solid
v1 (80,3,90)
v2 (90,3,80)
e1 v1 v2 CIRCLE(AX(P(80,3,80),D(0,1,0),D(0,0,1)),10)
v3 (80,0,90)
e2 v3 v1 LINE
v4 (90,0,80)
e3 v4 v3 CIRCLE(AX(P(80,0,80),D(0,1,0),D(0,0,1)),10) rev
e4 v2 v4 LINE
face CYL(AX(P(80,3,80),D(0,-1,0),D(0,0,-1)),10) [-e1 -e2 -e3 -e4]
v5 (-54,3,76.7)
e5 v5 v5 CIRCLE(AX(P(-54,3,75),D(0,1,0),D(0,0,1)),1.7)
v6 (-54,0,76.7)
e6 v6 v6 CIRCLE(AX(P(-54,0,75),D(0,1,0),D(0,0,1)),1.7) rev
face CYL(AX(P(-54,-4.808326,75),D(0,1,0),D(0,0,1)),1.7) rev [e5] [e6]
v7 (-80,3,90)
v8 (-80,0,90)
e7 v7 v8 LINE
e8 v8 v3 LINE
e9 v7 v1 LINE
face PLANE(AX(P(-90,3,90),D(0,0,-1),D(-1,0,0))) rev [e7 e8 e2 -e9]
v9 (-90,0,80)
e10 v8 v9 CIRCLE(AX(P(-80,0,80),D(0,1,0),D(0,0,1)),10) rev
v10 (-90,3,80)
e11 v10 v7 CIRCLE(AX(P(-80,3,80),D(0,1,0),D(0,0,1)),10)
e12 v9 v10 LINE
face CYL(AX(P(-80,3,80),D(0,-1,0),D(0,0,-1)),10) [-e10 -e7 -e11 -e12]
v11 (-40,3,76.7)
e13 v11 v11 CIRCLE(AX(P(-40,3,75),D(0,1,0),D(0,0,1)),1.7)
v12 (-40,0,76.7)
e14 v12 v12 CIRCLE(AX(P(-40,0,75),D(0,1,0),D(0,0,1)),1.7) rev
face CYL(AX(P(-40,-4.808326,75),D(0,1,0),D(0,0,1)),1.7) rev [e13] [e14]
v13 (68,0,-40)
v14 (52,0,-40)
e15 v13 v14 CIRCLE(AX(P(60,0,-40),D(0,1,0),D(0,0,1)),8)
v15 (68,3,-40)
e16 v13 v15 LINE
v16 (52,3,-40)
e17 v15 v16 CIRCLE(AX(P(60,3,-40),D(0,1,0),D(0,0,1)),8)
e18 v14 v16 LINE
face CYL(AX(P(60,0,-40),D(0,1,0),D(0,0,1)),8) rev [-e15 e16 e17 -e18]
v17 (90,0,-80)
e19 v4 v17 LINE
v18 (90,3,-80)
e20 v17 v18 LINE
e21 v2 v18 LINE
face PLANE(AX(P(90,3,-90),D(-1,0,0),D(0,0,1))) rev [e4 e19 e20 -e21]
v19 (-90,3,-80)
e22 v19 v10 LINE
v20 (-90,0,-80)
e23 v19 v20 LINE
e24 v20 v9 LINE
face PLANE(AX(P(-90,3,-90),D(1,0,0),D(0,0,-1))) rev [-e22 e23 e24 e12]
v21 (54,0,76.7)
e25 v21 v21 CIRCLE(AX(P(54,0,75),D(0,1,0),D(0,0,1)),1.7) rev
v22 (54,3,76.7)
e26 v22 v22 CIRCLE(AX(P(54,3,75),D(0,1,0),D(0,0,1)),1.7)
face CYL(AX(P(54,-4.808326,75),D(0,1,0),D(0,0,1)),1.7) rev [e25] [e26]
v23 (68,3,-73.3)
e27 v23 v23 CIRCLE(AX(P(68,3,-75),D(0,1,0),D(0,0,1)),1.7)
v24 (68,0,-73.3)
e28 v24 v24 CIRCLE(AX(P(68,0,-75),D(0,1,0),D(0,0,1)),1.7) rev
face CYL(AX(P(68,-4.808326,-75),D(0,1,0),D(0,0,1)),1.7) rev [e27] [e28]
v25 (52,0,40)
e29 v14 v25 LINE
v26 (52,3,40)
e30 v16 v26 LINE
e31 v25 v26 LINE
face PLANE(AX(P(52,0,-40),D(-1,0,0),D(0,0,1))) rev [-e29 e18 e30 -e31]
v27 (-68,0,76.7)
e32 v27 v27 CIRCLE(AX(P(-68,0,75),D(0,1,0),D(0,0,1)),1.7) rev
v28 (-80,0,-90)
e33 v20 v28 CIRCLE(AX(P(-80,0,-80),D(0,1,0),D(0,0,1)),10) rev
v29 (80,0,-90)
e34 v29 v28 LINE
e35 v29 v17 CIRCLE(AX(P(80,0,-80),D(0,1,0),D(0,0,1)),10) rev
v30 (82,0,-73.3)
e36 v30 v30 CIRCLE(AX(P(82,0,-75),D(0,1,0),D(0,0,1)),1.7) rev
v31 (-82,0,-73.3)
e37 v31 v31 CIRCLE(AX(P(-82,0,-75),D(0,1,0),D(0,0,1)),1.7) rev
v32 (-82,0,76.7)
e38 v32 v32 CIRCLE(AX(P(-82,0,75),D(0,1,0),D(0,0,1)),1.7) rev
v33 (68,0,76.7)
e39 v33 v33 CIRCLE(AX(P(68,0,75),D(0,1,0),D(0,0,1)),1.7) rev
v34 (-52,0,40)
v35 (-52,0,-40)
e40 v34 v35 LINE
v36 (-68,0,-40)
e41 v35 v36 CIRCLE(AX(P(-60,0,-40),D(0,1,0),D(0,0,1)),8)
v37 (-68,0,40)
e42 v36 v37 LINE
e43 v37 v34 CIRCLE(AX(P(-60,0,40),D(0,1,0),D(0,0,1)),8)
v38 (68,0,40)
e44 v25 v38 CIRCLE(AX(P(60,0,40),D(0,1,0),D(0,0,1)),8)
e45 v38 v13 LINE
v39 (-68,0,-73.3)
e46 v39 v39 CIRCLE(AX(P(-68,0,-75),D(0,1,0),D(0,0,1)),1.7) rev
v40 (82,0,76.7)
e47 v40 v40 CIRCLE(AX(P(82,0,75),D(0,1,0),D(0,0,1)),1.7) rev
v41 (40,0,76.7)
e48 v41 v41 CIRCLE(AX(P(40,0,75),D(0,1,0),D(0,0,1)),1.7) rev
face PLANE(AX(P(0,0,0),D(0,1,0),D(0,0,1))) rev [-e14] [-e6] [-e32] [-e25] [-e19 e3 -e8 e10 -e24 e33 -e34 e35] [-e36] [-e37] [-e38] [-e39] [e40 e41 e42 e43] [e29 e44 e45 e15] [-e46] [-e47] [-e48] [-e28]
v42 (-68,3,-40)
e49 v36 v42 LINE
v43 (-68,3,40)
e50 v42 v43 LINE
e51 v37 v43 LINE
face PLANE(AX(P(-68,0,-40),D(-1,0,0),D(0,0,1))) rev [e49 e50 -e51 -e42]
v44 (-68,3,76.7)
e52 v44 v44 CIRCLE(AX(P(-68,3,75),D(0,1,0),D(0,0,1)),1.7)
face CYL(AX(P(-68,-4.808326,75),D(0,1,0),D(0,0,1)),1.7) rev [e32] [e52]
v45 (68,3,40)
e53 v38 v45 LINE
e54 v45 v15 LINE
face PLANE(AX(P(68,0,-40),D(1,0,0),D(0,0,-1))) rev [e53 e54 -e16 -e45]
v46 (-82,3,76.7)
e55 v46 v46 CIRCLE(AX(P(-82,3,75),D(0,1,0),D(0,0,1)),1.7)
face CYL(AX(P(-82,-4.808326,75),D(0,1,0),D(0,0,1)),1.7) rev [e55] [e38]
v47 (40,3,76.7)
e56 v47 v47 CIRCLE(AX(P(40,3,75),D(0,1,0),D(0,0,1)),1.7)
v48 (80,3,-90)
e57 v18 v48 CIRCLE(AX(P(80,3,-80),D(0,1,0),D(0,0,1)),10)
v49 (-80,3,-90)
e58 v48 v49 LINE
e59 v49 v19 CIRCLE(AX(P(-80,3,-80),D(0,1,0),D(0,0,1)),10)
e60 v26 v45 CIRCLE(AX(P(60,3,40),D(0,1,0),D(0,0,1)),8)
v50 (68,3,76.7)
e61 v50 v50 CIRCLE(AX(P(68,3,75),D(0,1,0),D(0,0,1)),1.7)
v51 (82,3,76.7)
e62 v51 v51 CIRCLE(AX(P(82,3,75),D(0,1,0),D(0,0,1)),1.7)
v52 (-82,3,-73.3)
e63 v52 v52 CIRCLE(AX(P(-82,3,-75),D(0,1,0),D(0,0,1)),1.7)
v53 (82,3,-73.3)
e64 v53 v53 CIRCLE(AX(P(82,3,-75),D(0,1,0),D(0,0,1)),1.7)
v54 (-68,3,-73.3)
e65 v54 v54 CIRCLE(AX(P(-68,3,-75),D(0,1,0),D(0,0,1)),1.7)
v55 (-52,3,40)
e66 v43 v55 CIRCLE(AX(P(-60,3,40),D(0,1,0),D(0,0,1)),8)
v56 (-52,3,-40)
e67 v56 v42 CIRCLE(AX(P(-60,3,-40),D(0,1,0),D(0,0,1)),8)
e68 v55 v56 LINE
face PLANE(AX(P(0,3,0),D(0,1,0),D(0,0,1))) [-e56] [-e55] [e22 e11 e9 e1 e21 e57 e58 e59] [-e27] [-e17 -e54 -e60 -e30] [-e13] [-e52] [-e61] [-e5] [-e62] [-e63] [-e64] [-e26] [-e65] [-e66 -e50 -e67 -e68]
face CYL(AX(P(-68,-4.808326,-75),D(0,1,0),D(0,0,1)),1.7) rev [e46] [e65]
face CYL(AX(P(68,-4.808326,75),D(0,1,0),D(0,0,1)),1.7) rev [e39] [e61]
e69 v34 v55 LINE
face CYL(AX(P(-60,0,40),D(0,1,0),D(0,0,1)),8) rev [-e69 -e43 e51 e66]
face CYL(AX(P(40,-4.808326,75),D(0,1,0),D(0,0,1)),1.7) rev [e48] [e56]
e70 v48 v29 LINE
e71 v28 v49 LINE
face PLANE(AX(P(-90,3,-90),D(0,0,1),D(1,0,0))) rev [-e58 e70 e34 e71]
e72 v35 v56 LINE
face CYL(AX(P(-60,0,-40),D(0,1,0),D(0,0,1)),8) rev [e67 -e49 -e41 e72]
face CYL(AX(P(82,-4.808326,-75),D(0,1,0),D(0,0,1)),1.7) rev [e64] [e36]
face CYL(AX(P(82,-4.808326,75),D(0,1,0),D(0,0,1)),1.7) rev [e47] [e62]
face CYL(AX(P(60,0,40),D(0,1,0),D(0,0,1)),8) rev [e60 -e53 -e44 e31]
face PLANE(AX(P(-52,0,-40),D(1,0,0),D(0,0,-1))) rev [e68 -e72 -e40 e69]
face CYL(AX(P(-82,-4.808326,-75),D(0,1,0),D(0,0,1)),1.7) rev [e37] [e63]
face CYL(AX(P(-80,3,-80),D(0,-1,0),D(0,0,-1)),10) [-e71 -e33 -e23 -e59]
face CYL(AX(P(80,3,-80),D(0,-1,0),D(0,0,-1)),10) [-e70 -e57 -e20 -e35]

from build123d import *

# Parameters (mm, degrees)
SKETCH1_W           = 180
SKETCH1_H           = 180
BOSS_EXTRUDE1_DEPTH = 3
FILLET1_R           = 10
SKETCH2_R           = 1.7
CUT_EXTRUDE1_DEPTH  = 3
CUT_EXTRUDE2_DEPTH  = 128.314571044


with BuildPart() as part:
    # Sketch1 → Boss-Extrude1 (new body)
    with BuildSketch(Plane(origin=(0, 0, 0), x_dir=(1, 0, 0), z_dir=(0, 1, 0))):
        Rectangle(SKETCH1_W, SKETCH1_H)
    extrude(amount=BOSS_EXTRUDE1_DEPTH)

    # Fillet1
    fillet1_edges = [part.edges().sort_by_distance(p)[0] for p in [
        (90, 1.5, 90),
        (-90, 1.5, 90),
        (-90, 1.5, -90),
        (90, 1.5, -90),
    ]]
    fillet(fillet1_edges, radius=FILLET1_R)

    # Sketch2 → Cut-Extrude1 (cut)
    with BuildSketch(Plane(origin=(0, 3, 0), x_dir=(1, 0, 0), z_dir=(0, 1, 0))):
        with Locations(Location((-82, 75, 0), (0, 0, 270))):
            Circle(SKETCH2_R)
        with Locations(Location((-68, 75, 0), (0, 0, 270))):
            Circle(SKETCH2_R)
        with Locations(Location((68, 75, 0), (0, 0, 270))):
            Circle(SKETCH2_R)
        with Locations(Location((82, 75, 0), (0, 0, 270))):
            Circle(SKETCH2_R)
        with Locations(Location((-82, -75, 0), (0, 0, 270))):
            Circle(SKETCH2_R)
        with Locations(Location((-68, -75, 0), (0, 0, 270))):
            Circle(SKETCH2_R)
        with Locations(Location((68, -75, 0), (0, 0, 270))):
            Circle(SKETCH2_R)
        with Locations(Location((82, -75, 0), (0, 0, 270))):
            Circle(SKETCH2_R)
        with Locations(Location((-54, -75, 0), (0, 0, 270))):
            Circle(SKETCH2_R)
        with Locations(Location((54, -75, 0), (0, 0, 270))):
            Circle(SKETCH2_R)
        with Locations(Location((-40, -75, 0), (0, 0, 270))):
            Circle(SKETCH2_R)
        with Locations(Location((40, -75, 0), (0, 0, 270))):
            Circle(SKETCH2_R)
    extrude(amount=-CUT_EXTRUDE1_DEPTH, mode=Mode.SUBTRACT)

    # Sketch3 → Cut-Extrude2 (cut, through all)
    with BuildSketch(Plane(origin=(0, 3, 0), x_dir=(1, 0, 0), z_dir=(0, 1, 0))):
        with BuildLine():
            Line((-52, 40), (-52, -40))
            ThreePointArc((-52, -40), (-60, -48), (-68, -40))
            Line((-68, -40), (-68, 40))
            ThreePointArc((-68, 40), (-60, 48), (-52, 40))
        make_face()
        with BuildLine():
            Line((68, 40), (68, -40))
            ThreePointArc((68, -40), (60, -48), (52, -40))
            Line((52, -40), (52, 40))
            ThreePointArc((52, 40), (60, 48), (68, 40))
        make_face()
    extrude(amount=-CUT_EXTRUDE2_DEPTH, mode=Mode.SUBTRACT)


solid = part.part
